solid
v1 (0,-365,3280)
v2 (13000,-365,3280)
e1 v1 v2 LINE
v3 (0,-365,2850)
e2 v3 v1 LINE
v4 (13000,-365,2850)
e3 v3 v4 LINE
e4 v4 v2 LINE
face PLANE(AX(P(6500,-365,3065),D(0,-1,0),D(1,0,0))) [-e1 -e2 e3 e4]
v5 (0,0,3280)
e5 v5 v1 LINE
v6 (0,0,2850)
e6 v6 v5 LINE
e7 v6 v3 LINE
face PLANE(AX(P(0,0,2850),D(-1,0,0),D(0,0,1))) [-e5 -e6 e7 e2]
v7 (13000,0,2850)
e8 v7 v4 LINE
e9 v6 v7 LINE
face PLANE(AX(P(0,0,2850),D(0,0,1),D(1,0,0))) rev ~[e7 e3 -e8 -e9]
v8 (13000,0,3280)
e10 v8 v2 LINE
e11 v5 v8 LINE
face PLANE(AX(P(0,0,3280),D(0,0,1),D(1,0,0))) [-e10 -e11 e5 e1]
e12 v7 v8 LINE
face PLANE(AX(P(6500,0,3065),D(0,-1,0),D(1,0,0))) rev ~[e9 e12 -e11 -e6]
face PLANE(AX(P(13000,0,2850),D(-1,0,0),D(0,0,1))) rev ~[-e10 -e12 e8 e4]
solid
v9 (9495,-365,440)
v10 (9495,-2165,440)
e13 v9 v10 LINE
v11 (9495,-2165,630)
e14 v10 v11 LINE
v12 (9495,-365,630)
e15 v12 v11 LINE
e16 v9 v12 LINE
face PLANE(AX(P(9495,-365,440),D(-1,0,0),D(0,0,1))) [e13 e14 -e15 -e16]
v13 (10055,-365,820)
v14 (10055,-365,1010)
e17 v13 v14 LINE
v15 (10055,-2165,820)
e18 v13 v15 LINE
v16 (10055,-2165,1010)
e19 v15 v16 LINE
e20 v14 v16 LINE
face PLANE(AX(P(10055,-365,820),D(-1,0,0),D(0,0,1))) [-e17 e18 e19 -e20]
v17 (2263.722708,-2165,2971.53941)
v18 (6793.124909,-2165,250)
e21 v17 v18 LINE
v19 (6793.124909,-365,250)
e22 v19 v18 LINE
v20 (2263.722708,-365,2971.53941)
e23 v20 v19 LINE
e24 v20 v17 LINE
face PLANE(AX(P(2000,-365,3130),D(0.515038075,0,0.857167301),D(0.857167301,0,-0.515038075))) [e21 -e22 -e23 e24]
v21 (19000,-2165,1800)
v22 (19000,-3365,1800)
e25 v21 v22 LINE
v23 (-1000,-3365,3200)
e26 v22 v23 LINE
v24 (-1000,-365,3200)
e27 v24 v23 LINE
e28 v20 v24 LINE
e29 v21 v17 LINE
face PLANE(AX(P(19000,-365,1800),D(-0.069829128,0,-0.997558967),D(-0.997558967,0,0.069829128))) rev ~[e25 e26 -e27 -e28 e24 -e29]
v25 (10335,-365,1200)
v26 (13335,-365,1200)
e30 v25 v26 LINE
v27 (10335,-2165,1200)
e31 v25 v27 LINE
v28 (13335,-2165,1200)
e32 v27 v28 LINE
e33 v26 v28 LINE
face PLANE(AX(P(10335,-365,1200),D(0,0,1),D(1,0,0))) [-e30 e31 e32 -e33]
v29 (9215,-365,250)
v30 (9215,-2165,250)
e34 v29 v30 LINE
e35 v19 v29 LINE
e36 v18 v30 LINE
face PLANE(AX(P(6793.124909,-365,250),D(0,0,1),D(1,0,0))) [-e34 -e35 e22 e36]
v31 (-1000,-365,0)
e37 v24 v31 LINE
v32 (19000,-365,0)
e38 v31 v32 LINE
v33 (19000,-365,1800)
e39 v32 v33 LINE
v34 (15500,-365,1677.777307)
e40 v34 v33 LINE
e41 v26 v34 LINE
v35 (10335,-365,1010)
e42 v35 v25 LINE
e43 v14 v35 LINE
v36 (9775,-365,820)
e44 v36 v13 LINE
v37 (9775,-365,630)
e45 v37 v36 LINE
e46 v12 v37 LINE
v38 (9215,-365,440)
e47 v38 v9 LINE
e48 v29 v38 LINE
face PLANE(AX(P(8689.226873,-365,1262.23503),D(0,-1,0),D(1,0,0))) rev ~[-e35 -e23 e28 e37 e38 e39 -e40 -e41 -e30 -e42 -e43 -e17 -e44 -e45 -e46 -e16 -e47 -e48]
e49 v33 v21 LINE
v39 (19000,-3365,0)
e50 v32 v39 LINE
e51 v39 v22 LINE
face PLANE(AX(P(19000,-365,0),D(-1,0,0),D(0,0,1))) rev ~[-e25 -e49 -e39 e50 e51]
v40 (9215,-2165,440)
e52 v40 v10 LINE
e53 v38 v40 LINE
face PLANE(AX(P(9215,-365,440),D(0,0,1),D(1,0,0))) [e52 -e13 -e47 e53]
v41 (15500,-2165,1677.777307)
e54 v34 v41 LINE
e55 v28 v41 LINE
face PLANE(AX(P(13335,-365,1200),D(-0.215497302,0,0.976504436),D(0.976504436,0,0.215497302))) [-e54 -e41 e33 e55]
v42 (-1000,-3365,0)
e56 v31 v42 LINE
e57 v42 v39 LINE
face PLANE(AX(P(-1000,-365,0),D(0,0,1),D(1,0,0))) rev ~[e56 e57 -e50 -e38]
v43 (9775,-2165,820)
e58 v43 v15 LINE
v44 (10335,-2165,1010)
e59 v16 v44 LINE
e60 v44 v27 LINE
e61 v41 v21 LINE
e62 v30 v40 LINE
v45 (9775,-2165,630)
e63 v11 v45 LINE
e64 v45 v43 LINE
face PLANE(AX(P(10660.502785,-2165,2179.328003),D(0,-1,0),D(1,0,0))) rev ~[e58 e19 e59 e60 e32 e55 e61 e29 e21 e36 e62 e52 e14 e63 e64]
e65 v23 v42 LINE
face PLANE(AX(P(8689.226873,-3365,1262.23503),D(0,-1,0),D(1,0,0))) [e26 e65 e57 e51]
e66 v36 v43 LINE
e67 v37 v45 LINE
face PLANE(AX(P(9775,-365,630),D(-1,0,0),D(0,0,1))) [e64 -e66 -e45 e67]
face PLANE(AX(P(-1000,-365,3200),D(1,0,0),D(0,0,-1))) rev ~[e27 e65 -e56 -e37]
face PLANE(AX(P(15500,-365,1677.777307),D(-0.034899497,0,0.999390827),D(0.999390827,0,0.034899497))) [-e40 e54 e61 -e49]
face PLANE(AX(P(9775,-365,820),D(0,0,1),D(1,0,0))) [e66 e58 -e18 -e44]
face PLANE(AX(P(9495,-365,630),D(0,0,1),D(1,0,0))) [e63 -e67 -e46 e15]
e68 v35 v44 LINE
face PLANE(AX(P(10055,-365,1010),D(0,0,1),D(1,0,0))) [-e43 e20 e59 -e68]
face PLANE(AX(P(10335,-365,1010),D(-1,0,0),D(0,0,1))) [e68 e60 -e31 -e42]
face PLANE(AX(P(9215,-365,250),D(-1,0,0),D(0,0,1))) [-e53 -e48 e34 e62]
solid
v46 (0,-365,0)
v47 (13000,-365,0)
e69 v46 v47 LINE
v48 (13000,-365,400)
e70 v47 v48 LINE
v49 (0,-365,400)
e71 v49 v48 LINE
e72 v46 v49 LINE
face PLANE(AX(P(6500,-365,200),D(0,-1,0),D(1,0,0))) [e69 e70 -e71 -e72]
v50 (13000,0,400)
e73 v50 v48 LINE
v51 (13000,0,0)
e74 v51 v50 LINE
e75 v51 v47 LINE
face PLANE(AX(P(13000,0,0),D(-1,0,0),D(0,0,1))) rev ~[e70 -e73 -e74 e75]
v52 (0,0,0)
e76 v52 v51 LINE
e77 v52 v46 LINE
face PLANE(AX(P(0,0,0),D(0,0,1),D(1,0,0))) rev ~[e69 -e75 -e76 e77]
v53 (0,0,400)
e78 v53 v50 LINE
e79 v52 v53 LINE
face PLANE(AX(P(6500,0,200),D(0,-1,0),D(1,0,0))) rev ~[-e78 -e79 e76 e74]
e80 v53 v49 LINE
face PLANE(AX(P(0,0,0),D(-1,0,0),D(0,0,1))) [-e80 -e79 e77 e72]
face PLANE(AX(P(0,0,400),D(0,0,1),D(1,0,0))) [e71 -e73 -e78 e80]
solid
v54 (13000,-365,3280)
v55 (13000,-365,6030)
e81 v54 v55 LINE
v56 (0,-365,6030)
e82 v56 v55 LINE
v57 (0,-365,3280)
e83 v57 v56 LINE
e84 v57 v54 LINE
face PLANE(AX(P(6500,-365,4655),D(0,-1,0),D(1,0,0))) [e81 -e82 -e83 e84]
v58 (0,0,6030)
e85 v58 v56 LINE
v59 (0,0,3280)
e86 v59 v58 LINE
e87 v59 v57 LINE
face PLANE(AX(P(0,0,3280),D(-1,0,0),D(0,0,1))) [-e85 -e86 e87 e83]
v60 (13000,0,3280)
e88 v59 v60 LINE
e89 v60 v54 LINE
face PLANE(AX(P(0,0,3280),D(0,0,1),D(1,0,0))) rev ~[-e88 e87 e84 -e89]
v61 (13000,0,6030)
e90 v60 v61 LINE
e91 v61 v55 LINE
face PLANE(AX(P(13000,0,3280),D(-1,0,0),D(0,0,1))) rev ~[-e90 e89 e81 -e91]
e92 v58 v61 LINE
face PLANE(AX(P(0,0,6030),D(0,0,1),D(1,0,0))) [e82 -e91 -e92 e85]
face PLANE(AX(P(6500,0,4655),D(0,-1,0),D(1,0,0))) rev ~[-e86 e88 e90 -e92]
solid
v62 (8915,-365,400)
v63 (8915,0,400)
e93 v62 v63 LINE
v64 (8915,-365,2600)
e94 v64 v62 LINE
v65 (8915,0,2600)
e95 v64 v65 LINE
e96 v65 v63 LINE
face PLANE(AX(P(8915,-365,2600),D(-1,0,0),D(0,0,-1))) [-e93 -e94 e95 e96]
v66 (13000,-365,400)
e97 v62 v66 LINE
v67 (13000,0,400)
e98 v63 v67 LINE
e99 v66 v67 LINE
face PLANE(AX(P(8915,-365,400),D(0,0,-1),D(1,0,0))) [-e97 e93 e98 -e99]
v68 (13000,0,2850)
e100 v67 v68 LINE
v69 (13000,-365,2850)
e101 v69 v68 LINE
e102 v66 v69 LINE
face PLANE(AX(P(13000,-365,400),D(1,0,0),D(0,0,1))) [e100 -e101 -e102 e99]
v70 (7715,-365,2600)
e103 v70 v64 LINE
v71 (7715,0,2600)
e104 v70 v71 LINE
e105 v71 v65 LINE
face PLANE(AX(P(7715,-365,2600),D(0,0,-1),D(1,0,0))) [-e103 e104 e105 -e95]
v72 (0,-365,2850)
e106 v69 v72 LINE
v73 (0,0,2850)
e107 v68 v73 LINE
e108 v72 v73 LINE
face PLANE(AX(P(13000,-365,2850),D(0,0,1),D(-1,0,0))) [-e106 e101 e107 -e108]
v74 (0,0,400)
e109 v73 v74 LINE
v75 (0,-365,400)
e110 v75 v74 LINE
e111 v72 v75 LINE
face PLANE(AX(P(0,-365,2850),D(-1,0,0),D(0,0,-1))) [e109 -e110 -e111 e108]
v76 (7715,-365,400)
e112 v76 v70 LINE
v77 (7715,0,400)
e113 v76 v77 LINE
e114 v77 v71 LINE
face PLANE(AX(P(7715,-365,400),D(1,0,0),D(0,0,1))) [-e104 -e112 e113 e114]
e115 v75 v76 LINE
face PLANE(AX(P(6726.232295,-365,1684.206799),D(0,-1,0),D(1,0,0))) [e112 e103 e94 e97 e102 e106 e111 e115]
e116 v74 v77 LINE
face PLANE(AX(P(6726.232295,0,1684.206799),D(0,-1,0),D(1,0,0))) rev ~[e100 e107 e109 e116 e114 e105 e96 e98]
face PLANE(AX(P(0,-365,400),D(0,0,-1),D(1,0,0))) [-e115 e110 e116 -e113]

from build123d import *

# Parameters (mm, degrees)
F0_W      = 13000
F0_H      = 400
F1_DEPTH  = 365
F3_DEPTH  = 365
F4_W      = 13000
F4_H      = 430
F5_DEPTH  = 365
F6_W      = 13000
F6_H      = 2750
F7_DEPTH  = 365
F9_DEPTH  = 3000
F11_DEPTH = 1800


with BuildPart() as f1:
    # F0 (on Front) → F1 (new body)
    with BuildSketch(Plane.XZ):
        with Locations((6500, 200)):
            Rectangle(F0_W, F0_H)
    extrude(amount=F1_DEPTH)


with BuildPart() as f3:
    # F2 (on face) → F3 (new body)
    with BuildSketch(Plane.XZ.offset(365)):
        Polygon((0, 2850), (0, 400), (7715, 400), (7715, 2600), (8915, 2600), (8915, 400), (13000, 400), (13000, 2850), align=None)
    extrude(amount=-F3_DEPTH)


with BuildPart() as f5:
    # F4 (on Front) → F5 (new body)
    with BuildSketch(Plane.XZ):
        with Locations((6500, 3065)):
            Rectangle(F4_W, F4_H)
    extrude(amount=F5_DEPTH)


with BuildPart() as f7:
    # F6 (on Front) → F7 (new body)
    with BuildSketch(Plane.XZ):
        with Locations((6500, 4655)):
            Rectangle(F6_W, F6_H)
    extrude(amount=F7_DEPTH)


with BuildPart() as f9:
    # F8 (on face) → F9 (new body)
    with BuildSketch(Plane.XZ.offset(365)):
        Polygon((19000, 1800), (-1000, 3200), (-1000, 0), (19000, 0), align=None)
    extrude(amount=F9_DEPTH)

    # F10 (on face) → F11 (cut)
    with BuildSketch(Plane.XZ.offset(365)):
        Polygon((19000, 3130), (2000, 3130), (6793.124909, 250), (9215, 250), (9215, 440), (9495, 440), (9495, 630), (9775, 630), (9775, 820), (10055, 820), (10055, 1010), (10335, 1010), (10335, 1200), (13335, 1200), (15500, 1677.777307), (19000, 1800), align=None)
    extrude(amount=F11_DEPTH, mode=Mode.SUBTRACT)


solid = Compound([f1.part, f3.part, f5.part, f7.part, f9.part])
